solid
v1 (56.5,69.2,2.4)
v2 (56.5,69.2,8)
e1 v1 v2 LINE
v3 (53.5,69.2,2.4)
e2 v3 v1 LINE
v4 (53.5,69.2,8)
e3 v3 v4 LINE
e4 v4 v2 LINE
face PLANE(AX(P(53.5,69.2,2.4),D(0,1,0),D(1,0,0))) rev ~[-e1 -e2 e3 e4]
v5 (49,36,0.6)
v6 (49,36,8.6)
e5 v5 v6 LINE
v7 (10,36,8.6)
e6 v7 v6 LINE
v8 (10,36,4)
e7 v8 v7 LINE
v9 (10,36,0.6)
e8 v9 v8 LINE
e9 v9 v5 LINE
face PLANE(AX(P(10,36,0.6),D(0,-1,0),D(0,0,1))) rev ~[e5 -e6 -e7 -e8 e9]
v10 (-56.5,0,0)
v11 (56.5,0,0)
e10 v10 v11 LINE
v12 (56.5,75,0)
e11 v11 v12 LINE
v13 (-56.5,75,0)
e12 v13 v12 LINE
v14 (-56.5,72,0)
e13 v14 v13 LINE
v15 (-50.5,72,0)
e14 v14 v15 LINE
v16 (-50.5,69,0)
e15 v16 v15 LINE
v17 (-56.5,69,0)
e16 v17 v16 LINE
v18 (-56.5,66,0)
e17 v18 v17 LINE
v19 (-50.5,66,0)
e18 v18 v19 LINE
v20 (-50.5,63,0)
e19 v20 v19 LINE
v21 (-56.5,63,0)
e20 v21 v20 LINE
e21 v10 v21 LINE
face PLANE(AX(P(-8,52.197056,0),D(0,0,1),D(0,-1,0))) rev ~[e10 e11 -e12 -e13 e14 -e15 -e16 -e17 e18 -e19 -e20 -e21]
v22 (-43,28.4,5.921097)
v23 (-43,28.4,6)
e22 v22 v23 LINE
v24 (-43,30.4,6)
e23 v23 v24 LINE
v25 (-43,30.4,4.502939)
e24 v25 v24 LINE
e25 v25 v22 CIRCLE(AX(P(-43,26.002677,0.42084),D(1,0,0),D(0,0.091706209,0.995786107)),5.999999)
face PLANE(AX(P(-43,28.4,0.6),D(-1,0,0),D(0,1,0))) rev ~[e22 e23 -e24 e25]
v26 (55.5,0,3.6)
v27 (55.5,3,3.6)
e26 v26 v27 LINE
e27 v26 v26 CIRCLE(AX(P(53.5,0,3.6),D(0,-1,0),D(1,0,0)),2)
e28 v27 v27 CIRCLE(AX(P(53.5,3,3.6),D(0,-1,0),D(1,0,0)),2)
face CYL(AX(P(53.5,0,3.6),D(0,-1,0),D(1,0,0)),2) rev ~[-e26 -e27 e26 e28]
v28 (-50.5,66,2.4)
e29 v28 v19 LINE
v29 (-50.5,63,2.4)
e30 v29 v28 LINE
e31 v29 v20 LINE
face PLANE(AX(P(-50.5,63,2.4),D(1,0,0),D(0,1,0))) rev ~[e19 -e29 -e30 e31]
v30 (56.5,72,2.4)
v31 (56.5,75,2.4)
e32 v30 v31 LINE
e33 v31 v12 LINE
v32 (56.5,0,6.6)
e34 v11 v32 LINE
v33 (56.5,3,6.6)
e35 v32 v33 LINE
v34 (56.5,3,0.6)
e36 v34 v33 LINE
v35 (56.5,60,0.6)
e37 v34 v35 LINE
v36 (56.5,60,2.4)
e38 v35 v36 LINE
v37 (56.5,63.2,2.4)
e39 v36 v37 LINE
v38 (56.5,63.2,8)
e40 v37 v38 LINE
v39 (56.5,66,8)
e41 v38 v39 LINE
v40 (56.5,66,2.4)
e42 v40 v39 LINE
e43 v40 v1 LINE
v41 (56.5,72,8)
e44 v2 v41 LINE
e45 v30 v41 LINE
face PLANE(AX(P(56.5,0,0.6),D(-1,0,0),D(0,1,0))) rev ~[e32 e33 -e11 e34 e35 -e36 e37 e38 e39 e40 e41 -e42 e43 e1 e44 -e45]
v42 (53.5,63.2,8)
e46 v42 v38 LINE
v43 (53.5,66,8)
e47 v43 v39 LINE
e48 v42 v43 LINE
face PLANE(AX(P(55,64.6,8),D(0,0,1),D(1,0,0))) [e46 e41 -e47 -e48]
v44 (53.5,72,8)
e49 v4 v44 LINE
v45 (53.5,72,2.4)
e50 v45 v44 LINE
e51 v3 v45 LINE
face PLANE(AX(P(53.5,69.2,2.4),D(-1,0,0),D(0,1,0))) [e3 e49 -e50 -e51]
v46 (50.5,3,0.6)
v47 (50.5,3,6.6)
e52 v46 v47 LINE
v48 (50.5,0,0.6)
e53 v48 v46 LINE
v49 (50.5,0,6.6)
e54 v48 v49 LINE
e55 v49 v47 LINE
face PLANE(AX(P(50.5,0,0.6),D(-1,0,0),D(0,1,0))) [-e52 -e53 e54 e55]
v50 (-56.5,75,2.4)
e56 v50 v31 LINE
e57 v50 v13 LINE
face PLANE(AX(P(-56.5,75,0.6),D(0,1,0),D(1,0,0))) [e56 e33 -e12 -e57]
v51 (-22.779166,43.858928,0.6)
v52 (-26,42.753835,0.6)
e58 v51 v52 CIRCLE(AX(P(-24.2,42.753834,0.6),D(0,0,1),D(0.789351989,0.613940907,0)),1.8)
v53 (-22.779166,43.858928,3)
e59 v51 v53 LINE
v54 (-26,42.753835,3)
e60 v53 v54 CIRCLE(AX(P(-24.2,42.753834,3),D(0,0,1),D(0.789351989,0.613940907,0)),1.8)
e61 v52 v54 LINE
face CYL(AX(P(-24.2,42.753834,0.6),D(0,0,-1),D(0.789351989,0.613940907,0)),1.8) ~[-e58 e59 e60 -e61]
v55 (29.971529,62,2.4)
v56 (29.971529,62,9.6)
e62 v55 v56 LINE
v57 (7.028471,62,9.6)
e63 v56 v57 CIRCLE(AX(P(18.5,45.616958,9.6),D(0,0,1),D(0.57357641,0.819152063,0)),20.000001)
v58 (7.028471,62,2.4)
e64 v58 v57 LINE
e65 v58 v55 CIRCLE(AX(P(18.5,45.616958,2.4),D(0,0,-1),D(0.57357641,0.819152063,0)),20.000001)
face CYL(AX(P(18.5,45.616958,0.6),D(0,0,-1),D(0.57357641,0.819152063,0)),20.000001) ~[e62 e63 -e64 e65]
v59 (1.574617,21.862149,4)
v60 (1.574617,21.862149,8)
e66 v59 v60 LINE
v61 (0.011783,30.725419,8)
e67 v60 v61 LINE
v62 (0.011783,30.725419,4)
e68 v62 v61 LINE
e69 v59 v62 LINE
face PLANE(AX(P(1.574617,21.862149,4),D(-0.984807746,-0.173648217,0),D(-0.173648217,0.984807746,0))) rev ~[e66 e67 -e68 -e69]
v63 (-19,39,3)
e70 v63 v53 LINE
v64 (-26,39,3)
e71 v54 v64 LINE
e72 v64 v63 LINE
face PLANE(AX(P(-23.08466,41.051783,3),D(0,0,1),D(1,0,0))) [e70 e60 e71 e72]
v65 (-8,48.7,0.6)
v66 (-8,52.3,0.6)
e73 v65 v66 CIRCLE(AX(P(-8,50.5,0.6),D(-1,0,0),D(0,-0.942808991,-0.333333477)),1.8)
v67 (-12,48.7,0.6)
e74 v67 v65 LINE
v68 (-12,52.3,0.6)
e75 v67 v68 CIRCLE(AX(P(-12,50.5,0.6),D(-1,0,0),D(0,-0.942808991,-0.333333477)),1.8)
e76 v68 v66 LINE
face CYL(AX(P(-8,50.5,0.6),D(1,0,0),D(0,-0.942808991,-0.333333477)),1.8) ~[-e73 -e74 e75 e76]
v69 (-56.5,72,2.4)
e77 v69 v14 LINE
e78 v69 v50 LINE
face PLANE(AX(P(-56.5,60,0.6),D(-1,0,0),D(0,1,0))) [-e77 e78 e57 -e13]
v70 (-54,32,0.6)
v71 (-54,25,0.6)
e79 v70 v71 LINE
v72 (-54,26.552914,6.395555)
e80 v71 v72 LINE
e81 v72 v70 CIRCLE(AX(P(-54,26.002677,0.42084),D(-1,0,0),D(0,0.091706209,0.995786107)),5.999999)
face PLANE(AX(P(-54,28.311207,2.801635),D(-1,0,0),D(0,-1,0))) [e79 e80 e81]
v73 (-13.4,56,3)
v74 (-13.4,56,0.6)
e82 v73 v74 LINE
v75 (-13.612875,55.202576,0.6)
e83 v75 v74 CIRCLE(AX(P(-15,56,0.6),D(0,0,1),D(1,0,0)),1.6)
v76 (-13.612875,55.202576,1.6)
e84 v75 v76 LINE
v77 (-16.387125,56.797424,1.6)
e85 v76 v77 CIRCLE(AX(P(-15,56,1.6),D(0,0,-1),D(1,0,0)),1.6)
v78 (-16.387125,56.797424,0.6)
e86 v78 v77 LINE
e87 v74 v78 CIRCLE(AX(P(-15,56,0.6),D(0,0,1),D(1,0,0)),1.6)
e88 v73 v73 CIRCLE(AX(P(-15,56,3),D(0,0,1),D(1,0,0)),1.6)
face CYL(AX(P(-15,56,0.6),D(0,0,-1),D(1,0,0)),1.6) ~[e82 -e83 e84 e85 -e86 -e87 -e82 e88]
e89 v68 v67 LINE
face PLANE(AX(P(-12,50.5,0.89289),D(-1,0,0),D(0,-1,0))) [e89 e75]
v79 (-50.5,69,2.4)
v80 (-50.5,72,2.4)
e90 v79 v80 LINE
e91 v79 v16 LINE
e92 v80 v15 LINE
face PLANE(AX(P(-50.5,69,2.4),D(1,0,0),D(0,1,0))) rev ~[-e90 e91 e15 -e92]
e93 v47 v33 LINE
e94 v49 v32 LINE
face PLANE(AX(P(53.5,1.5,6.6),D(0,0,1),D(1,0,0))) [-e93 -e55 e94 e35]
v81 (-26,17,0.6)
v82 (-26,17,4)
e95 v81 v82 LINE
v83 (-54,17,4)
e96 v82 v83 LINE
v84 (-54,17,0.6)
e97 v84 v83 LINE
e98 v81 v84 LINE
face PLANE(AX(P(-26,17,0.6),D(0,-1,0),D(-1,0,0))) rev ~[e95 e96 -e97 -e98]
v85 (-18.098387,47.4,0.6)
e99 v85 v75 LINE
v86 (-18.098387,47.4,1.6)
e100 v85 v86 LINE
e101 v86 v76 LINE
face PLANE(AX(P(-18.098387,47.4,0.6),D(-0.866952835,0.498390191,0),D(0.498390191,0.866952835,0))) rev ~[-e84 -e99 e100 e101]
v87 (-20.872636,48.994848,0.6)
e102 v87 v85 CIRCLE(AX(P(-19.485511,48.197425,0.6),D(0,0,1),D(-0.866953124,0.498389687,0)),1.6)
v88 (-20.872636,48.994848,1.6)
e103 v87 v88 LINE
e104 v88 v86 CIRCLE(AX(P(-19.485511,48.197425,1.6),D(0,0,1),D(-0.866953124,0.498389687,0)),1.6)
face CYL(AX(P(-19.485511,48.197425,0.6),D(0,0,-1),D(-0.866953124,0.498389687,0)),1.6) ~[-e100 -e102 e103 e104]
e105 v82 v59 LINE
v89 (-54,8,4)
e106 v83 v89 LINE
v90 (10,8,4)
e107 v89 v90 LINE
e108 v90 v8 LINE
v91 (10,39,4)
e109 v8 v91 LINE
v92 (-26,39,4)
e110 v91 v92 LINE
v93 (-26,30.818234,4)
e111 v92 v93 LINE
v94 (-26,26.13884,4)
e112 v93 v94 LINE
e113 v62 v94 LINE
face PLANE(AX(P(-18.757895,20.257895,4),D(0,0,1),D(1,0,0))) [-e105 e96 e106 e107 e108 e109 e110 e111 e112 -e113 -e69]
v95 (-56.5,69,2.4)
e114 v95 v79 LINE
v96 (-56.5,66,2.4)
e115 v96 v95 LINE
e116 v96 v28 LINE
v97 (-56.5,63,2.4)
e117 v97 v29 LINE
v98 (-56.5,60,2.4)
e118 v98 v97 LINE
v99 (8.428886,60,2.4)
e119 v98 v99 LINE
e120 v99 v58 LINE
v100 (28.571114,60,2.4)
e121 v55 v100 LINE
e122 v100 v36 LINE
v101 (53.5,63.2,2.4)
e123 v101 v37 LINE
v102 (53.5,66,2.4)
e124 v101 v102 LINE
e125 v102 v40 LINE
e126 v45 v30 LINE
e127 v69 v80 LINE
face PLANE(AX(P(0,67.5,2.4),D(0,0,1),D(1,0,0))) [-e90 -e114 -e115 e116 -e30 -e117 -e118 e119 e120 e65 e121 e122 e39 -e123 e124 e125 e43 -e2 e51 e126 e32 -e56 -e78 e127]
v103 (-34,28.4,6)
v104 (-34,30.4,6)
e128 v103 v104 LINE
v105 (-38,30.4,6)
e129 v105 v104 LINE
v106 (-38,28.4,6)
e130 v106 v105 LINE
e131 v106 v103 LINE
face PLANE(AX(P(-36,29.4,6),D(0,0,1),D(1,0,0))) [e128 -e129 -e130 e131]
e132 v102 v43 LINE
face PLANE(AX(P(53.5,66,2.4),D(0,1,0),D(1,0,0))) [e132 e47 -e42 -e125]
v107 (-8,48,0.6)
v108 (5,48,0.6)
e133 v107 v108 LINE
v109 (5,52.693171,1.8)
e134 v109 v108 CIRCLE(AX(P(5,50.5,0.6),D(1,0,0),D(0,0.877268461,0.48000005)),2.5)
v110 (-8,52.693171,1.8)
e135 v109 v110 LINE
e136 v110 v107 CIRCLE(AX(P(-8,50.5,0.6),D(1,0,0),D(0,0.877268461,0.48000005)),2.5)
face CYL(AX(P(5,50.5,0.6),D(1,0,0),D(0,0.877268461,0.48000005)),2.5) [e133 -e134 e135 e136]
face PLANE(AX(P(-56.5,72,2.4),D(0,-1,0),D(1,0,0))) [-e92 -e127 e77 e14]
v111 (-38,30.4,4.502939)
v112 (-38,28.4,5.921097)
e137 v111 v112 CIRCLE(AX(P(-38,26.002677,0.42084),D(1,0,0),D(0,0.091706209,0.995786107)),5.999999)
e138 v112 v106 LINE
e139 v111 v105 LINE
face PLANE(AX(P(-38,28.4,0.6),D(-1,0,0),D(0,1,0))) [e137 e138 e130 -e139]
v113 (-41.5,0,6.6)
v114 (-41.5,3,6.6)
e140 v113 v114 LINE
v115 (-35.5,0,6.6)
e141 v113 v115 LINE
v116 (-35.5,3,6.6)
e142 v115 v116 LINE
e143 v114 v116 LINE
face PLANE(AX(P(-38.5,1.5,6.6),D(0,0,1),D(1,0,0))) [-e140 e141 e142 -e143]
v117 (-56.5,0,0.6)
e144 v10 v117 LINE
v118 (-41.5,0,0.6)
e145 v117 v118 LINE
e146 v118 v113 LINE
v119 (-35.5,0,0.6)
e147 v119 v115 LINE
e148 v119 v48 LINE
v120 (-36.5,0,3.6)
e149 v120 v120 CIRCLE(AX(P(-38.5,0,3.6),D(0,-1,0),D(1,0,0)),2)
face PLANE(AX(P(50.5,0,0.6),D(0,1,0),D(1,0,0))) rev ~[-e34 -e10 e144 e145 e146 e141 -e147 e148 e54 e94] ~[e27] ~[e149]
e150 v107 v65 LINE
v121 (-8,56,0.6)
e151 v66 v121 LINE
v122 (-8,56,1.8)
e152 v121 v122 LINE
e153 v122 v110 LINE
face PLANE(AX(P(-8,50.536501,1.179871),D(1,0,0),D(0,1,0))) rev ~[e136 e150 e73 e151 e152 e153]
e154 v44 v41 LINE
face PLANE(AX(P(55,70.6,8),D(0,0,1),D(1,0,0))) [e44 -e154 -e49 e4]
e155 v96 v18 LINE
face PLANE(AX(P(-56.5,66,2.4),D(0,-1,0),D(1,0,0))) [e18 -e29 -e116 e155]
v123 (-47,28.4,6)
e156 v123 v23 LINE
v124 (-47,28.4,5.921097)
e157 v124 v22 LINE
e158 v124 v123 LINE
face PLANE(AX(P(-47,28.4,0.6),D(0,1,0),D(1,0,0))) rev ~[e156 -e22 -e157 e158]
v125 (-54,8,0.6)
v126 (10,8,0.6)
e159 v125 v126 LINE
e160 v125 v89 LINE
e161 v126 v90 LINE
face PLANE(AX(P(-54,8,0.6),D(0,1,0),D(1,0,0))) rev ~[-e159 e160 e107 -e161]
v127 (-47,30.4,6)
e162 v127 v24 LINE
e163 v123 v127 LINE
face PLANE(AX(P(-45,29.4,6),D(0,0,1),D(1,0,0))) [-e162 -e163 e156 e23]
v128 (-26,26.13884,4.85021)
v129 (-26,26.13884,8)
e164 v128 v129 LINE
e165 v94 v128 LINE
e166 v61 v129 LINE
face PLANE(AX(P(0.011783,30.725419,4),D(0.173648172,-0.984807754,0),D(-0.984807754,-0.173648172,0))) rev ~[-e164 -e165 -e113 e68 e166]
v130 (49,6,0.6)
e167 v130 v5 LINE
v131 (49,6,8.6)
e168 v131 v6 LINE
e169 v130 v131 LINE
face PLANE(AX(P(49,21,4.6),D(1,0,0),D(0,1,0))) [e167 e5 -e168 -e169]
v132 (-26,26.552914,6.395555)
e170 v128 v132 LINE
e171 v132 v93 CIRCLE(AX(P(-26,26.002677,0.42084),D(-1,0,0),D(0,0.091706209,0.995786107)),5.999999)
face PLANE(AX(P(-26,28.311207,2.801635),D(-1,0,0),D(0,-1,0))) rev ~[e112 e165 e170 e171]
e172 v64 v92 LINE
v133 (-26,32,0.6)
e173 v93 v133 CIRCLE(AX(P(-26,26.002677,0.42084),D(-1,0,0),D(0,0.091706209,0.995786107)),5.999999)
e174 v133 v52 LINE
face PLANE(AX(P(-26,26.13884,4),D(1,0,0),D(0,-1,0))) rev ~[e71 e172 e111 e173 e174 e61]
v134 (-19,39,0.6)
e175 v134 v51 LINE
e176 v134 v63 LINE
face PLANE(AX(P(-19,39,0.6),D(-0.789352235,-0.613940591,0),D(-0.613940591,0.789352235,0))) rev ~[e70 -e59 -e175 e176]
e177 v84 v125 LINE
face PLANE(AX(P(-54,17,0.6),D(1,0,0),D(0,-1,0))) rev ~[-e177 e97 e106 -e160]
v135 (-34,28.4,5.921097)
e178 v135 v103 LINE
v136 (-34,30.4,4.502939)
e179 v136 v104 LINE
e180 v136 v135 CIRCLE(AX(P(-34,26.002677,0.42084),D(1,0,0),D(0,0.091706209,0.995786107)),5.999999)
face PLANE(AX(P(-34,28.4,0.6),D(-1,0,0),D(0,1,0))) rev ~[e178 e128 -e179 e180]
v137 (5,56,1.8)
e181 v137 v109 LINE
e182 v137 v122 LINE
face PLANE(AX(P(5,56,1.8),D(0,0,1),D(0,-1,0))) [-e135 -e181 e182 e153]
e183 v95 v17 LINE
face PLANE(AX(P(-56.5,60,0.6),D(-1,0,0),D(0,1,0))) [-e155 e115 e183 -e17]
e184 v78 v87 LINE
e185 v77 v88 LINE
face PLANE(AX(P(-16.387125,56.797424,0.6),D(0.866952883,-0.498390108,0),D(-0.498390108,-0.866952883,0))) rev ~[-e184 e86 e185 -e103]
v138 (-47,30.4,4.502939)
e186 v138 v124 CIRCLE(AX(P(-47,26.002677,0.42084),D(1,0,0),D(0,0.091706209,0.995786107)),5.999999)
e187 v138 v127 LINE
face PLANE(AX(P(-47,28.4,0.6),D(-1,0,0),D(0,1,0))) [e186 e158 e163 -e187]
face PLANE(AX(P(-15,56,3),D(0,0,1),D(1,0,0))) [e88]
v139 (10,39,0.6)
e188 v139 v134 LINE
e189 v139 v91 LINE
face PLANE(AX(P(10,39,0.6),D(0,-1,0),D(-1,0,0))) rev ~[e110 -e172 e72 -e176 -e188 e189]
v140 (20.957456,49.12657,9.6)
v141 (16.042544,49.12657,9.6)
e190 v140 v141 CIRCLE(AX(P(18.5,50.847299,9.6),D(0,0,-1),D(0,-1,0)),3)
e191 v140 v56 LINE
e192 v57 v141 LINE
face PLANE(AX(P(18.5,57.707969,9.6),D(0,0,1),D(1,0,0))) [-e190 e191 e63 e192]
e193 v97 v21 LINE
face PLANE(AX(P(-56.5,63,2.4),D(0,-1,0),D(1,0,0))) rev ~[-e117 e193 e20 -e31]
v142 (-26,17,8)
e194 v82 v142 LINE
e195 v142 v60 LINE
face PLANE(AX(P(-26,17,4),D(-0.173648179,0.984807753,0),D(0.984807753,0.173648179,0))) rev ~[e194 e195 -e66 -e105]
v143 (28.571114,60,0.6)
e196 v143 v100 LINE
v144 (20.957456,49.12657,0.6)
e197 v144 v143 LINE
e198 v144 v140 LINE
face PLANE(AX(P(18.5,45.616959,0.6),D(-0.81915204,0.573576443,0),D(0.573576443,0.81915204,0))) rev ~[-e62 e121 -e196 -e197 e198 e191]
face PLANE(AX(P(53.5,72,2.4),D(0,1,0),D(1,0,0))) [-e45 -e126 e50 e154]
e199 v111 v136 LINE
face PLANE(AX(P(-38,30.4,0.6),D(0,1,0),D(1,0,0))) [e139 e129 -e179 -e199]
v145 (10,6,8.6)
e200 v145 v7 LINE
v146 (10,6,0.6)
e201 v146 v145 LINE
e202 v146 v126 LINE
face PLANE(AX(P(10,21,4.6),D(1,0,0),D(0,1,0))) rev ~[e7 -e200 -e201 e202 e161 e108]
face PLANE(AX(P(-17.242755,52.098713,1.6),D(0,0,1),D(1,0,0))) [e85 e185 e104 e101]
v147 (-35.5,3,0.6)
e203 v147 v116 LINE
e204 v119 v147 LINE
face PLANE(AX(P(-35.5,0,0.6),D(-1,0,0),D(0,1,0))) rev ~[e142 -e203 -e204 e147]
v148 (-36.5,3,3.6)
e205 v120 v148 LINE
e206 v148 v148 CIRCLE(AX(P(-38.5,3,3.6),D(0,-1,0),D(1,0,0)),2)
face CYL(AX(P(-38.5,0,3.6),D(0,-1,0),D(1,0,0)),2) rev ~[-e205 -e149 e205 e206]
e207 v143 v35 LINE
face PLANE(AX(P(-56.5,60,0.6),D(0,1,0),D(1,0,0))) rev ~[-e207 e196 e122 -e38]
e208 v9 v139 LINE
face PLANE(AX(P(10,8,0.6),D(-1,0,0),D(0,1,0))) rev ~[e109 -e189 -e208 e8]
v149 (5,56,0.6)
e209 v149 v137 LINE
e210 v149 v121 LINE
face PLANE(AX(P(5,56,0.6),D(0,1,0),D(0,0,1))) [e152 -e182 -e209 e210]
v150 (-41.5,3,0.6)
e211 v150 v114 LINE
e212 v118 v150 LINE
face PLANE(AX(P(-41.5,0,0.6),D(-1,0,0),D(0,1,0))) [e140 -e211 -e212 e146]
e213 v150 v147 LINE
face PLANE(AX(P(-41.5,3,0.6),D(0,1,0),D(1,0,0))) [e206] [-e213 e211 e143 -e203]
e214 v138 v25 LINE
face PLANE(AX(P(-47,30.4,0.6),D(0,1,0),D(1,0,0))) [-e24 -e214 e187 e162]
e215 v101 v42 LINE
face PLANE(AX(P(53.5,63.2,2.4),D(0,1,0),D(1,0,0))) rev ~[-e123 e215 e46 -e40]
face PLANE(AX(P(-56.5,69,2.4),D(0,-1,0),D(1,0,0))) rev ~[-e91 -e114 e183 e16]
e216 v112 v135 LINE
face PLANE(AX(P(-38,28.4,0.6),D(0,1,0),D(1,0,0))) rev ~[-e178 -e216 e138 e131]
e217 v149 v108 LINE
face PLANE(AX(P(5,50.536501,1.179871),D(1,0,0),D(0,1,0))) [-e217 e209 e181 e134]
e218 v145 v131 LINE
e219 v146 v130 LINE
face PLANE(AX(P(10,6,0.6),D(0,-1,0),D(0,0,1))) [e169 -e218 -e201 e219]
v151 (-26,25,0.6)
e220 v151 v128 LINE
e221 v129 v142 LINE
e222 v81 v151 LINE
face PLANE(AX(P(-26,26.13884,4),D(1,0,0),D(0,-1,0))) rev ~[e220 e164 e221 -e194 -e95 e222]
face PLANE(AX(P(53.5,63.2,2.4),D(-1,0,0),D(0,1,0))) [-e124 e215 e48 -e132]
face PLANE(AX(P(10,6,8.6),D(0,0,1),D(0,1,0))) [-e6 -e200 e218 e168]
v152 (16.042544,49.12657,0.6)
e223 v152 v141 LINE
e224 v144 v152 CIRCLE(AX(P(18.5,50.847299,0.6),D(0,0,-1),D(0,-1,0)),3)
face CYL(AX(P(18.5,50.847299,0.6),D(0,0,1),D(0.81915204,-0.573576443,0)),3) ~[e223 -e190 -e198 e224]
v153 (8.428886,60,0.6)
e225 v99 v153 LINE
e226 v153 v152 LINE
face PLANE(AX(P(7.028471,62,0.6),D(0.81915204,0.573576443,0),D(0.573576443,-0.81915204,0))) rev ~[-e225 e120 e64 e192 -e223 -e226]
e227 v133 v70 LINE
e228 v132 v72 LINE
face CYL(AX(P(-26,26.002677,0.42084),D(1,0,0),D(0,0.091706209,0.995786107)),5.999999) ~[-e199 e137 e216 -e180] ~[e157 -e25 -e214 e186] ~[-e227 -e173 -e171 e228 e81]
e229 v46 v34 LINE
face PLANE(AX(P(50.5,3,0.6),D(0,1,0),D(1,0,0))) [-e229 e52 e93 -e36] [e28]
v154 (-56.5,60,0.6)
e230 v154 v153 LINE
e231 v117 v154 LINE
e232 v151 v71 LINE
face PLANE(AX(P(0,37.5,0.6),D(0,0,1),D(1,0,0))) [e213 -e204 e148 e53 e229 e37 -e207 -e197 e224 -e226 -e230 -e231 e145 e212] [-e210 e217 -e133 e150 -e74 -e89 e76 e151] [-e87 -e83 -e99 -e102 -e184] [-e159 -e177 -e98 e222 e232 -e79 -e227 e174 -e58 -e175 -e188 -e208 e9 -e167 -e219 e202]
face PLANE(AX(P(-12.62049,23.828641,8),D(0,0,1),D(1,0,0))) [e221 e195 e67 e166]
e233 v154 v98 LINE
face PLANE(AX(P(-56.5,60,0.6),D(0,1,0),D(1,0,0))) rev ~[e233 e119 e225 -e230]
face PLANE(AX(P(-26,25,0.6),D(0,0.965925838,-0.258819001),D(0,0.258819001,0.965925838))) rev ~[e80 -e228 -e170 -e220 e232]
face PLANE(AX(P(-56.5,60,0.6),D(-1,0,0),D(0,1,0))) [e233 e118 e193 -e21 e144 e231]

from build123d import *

# Parameters (mm, degrees)
F0_W      = 113
F0_H      = 75
F1_DEPTH  = 0.6
F2_W      = 113
F2_H      = 15
F3_DEPTH  = 1.8
F5_W      = 30
F5_H      = 8
F6_DEPTH  = 39
F8_DEPTH  = 3.4
F10_DEPTH = 4
F12_DEPTH = 2.4
F14_DEPTH = 28
F15_W     = 4
F15_H     = 2
F16_DEPTH = 5.4
F18_DEPTH = 9
F19_R     = 3
F22_DEPTH = 13
F24_DEPTH = 4
F25_R     = 1.6
F26_DEPTH = 2.4
F28_DEPTH = 1
F29_W     = 3
F29_H     = 2.8
F30_DEPTH = 5.6
F31_W     = 6
F31_H     = 3
F32_DEPTH = 3
F33_W     = 6
F33_H     = 3
F34_DEPTH = 6
F35_R     = 2
F36_DEPTH = 4


with BuildPart() as f1:
    # F0 (on Top) → F1 (new body)
    with BuildSketch(Plane.XY):
        with Locations((0, 37.5)):
            Rectangle(F0_W, F0_H)
    extrude(amount=F1_DEPTH)

    # F2 (on face) → F3 (join)
    with BuildSketch(Plane.XY.offset(0.6)):
        with Locations((0, 67.5)):
            Rectangle(F2_W, F2_H)
    extrude(amount=F3_DEPTH)

    # F5 (on offset) → F6 (join)
    with BuildSketch(Plane.YZ.offset(10)):
        with Locations((21, 4.6)):
            Rectangle(F5_W, F5_H)
    extrude(amount=F6_DEPTH)

    # F7 (on face) → F8 (join)
    with BuildSketch(Plane.XY.offset(0.6)):
        Polygon((-26, 17), (-54, 17), (-54, 8), (10, 8), (10, 39), (-26, 39), align=None)
    extrude(amount=F8_DEPTH)

    # F9 (on face) → F10 (join)
    with BuildSketch(Plane.XY.offset(4)):
        Polygon((-26, 26.13884), (-26, 17), (1.574617, 21.862149), (0.011783, 30.725419), align=None)
    extrude(amount=F10_DEPTH)

    # F11 (on face) → F12 (join)
    with BuildSketch(Plane.XY.offset(0.6)):
        with BuildLine():
            Line((-26, 39), (-19, 39))
            Line((-19, 39), (-22.779166, 43.858928))
            ThreePointArc((-22.779166, 43.858928), (-24.784166, 44.456406), (-26, 42.753835))
            Line((-26, 42.753835), (-26, 39))
        make_face()
    extrude(amount=F12_DEPTH)

    # F13 (on face) → F14 (join)
    with BuildSketch(Plane(origin=(-26, 0, 0), x_dir=(0, -1, 0), z_dir=(-1, 0, 0))):
        with BuildLine():
            ThreePointArc((-26.552914, 6.395555), (-30.374719, 4.530004), (-32, 0.6))
            Line((-32, 0.6), (-25, 0.6))
            Line((-25, 0.6), (-26.552914, 6.395555))
        make_face()
    extrude(amount=F14_DEPTH)

    # F15 (on face) → F16 (join)
    with BuildSketch(Plane.XY.offset(0.6)):
        with Locations((-45, 29.4)):
            Rectangle(F15_W, F15_H)
        with Locations((-36, 29.4)):
            Rectangle(F15_W, F15_H)
    extrude(amount=F16_DEPTH)

    # F17 (on face) → F18 (join)
    with BuildSketch(Plane.XY.offset(0.6)):
        with BuildLine():
            Line((18.5, 45.616959), (29.971529, 62))
            ThreePointArc((29.971529, 62), (18.5, 65.616959), (7.028471, 62))
            Line((7.028471, 62), (18.5, 45.616959))
        make_face()
    extrude(amount=F18_DEPTH)

    # F19
    f19_edges = [f1.edges().sort_by_distance(p)[0] for p in [
        (18.5, 45.616959, 5.1),
    ]]
    fillet(f19_edges, radius=F19_R)

    # F21 (on offset) → F22 (join)
    with BuildSketch(Plane.YZ.offset(5)):
        with BuildLine():
            Line((48.073068, 0), (52.926932, 0))
            ThreePointArc((52.926932, 0), (52.981666, 0.297784), (53, 0.6))
            ThreePointArc((53, 0.6), (52.922078, 1.219303), (52.693171, 1.8))
            ThreePointArc((52.693171, 1.8), (49.592442, 2.92945), (48.073068, 0))
        make_face()
        with BuildLine():
            ThreePointArc((52.693171, 1.8), (52.922078, 1.219303), (53, 0.6))
            Line((53, 0.6), (56, 0.6))
            Line((56, 0.6), (56, 1.8))
            Line((56, 1.8), (52.693171, 1.8))
        make_face()
    extrude(amount=-F22_DEPTH)

    # F23 (on face) → F24 (join)
    with BuildSketch(Plane(origin=(-8, 0, 0), x_dir=(0, -1, 0), z_dir=(-1, 0, 0))):
        with BuildLine():
            Line((-52.197056, 0), (-48.802944, 0))
            ThreePointArc((-48.802944, 0), (-50.5, 2.4), (-52.197056, 0))
        make_face()
    extrude(amount=F24_DEPTH)

    # F25 (on face) → F26 (join)
    with BuildSketch(Plane.XY.offset(0.6)):
        with Locations((-15, 56)):
            Circle(F25_R)
    extrude(amount=F26_DEPTH)

    # F27 (on face) → F28 (join)
    with BuildSketch(Plane.XY.offset(0.6)):
        with BuildLine():
            ThreePointArc((-13.612875, 55.202576), (-14.202576, 57.387125), (-16.387125, 56.797424))
            Line((-16.387125, 56.797424), (-20.872636, 48.994848))
            ThreePointArc((-20.872636, 48.994848), (-20.282935, 46.8103), (-18.098387, 47.4))
            Line((-18.098387, 47.4), (-13.612875, 55.202576))
        make_face()
    extrude(amount=F28_DEPTH)

    # F29 (on face) → F30 (join)
    with BuildSketch(Plane.XY.offset(2.4)):
        with Locations((55, 70.6)):
            Rectangle(F29_W, F29_H)
        with Locations((55, 64.6)):
            Rectangle(F29_W, F29_H)
    extrude(amount=F30_DEPTH)

    # F31 (on face) → F32 (cut)
    with BuildSketch(Plane.XY.offset(2.4)):
        with Locations((-53.5, 70.5)):
            Rectangle(F31_W, F31_H)
        with Locations((-53.5, 64.5)):
            Rectangle(F31_W, F31_H)
    extrude(amount=-F32_DEPTH, mode=Mode.SUBTRACT)

    # F33 (on face) → F34 (join)
    with BuildSketch(Plane.XY.offset(0.6)):
        with Locations((53.5, 1.5)):
            Rectangle(F33_W, F33_H)
        with Locations((-38.5, 1.5)):
            Rectangle(F33_W, F33_H)
    extrude(amount=F34_DEPTH)

    # F35 (on face) → F36 (cut)
    with BuildSketch(Plane.XZ):
        with Locations((53.5, 3.6)):
            Circle(F35_R)
        with Locations((-38.5, 3.6)):
            Circle(F35_R)
    extrude(amount=-F36_DEPTH, mode=Mode.SUBTRACT)


solid = f1.part
